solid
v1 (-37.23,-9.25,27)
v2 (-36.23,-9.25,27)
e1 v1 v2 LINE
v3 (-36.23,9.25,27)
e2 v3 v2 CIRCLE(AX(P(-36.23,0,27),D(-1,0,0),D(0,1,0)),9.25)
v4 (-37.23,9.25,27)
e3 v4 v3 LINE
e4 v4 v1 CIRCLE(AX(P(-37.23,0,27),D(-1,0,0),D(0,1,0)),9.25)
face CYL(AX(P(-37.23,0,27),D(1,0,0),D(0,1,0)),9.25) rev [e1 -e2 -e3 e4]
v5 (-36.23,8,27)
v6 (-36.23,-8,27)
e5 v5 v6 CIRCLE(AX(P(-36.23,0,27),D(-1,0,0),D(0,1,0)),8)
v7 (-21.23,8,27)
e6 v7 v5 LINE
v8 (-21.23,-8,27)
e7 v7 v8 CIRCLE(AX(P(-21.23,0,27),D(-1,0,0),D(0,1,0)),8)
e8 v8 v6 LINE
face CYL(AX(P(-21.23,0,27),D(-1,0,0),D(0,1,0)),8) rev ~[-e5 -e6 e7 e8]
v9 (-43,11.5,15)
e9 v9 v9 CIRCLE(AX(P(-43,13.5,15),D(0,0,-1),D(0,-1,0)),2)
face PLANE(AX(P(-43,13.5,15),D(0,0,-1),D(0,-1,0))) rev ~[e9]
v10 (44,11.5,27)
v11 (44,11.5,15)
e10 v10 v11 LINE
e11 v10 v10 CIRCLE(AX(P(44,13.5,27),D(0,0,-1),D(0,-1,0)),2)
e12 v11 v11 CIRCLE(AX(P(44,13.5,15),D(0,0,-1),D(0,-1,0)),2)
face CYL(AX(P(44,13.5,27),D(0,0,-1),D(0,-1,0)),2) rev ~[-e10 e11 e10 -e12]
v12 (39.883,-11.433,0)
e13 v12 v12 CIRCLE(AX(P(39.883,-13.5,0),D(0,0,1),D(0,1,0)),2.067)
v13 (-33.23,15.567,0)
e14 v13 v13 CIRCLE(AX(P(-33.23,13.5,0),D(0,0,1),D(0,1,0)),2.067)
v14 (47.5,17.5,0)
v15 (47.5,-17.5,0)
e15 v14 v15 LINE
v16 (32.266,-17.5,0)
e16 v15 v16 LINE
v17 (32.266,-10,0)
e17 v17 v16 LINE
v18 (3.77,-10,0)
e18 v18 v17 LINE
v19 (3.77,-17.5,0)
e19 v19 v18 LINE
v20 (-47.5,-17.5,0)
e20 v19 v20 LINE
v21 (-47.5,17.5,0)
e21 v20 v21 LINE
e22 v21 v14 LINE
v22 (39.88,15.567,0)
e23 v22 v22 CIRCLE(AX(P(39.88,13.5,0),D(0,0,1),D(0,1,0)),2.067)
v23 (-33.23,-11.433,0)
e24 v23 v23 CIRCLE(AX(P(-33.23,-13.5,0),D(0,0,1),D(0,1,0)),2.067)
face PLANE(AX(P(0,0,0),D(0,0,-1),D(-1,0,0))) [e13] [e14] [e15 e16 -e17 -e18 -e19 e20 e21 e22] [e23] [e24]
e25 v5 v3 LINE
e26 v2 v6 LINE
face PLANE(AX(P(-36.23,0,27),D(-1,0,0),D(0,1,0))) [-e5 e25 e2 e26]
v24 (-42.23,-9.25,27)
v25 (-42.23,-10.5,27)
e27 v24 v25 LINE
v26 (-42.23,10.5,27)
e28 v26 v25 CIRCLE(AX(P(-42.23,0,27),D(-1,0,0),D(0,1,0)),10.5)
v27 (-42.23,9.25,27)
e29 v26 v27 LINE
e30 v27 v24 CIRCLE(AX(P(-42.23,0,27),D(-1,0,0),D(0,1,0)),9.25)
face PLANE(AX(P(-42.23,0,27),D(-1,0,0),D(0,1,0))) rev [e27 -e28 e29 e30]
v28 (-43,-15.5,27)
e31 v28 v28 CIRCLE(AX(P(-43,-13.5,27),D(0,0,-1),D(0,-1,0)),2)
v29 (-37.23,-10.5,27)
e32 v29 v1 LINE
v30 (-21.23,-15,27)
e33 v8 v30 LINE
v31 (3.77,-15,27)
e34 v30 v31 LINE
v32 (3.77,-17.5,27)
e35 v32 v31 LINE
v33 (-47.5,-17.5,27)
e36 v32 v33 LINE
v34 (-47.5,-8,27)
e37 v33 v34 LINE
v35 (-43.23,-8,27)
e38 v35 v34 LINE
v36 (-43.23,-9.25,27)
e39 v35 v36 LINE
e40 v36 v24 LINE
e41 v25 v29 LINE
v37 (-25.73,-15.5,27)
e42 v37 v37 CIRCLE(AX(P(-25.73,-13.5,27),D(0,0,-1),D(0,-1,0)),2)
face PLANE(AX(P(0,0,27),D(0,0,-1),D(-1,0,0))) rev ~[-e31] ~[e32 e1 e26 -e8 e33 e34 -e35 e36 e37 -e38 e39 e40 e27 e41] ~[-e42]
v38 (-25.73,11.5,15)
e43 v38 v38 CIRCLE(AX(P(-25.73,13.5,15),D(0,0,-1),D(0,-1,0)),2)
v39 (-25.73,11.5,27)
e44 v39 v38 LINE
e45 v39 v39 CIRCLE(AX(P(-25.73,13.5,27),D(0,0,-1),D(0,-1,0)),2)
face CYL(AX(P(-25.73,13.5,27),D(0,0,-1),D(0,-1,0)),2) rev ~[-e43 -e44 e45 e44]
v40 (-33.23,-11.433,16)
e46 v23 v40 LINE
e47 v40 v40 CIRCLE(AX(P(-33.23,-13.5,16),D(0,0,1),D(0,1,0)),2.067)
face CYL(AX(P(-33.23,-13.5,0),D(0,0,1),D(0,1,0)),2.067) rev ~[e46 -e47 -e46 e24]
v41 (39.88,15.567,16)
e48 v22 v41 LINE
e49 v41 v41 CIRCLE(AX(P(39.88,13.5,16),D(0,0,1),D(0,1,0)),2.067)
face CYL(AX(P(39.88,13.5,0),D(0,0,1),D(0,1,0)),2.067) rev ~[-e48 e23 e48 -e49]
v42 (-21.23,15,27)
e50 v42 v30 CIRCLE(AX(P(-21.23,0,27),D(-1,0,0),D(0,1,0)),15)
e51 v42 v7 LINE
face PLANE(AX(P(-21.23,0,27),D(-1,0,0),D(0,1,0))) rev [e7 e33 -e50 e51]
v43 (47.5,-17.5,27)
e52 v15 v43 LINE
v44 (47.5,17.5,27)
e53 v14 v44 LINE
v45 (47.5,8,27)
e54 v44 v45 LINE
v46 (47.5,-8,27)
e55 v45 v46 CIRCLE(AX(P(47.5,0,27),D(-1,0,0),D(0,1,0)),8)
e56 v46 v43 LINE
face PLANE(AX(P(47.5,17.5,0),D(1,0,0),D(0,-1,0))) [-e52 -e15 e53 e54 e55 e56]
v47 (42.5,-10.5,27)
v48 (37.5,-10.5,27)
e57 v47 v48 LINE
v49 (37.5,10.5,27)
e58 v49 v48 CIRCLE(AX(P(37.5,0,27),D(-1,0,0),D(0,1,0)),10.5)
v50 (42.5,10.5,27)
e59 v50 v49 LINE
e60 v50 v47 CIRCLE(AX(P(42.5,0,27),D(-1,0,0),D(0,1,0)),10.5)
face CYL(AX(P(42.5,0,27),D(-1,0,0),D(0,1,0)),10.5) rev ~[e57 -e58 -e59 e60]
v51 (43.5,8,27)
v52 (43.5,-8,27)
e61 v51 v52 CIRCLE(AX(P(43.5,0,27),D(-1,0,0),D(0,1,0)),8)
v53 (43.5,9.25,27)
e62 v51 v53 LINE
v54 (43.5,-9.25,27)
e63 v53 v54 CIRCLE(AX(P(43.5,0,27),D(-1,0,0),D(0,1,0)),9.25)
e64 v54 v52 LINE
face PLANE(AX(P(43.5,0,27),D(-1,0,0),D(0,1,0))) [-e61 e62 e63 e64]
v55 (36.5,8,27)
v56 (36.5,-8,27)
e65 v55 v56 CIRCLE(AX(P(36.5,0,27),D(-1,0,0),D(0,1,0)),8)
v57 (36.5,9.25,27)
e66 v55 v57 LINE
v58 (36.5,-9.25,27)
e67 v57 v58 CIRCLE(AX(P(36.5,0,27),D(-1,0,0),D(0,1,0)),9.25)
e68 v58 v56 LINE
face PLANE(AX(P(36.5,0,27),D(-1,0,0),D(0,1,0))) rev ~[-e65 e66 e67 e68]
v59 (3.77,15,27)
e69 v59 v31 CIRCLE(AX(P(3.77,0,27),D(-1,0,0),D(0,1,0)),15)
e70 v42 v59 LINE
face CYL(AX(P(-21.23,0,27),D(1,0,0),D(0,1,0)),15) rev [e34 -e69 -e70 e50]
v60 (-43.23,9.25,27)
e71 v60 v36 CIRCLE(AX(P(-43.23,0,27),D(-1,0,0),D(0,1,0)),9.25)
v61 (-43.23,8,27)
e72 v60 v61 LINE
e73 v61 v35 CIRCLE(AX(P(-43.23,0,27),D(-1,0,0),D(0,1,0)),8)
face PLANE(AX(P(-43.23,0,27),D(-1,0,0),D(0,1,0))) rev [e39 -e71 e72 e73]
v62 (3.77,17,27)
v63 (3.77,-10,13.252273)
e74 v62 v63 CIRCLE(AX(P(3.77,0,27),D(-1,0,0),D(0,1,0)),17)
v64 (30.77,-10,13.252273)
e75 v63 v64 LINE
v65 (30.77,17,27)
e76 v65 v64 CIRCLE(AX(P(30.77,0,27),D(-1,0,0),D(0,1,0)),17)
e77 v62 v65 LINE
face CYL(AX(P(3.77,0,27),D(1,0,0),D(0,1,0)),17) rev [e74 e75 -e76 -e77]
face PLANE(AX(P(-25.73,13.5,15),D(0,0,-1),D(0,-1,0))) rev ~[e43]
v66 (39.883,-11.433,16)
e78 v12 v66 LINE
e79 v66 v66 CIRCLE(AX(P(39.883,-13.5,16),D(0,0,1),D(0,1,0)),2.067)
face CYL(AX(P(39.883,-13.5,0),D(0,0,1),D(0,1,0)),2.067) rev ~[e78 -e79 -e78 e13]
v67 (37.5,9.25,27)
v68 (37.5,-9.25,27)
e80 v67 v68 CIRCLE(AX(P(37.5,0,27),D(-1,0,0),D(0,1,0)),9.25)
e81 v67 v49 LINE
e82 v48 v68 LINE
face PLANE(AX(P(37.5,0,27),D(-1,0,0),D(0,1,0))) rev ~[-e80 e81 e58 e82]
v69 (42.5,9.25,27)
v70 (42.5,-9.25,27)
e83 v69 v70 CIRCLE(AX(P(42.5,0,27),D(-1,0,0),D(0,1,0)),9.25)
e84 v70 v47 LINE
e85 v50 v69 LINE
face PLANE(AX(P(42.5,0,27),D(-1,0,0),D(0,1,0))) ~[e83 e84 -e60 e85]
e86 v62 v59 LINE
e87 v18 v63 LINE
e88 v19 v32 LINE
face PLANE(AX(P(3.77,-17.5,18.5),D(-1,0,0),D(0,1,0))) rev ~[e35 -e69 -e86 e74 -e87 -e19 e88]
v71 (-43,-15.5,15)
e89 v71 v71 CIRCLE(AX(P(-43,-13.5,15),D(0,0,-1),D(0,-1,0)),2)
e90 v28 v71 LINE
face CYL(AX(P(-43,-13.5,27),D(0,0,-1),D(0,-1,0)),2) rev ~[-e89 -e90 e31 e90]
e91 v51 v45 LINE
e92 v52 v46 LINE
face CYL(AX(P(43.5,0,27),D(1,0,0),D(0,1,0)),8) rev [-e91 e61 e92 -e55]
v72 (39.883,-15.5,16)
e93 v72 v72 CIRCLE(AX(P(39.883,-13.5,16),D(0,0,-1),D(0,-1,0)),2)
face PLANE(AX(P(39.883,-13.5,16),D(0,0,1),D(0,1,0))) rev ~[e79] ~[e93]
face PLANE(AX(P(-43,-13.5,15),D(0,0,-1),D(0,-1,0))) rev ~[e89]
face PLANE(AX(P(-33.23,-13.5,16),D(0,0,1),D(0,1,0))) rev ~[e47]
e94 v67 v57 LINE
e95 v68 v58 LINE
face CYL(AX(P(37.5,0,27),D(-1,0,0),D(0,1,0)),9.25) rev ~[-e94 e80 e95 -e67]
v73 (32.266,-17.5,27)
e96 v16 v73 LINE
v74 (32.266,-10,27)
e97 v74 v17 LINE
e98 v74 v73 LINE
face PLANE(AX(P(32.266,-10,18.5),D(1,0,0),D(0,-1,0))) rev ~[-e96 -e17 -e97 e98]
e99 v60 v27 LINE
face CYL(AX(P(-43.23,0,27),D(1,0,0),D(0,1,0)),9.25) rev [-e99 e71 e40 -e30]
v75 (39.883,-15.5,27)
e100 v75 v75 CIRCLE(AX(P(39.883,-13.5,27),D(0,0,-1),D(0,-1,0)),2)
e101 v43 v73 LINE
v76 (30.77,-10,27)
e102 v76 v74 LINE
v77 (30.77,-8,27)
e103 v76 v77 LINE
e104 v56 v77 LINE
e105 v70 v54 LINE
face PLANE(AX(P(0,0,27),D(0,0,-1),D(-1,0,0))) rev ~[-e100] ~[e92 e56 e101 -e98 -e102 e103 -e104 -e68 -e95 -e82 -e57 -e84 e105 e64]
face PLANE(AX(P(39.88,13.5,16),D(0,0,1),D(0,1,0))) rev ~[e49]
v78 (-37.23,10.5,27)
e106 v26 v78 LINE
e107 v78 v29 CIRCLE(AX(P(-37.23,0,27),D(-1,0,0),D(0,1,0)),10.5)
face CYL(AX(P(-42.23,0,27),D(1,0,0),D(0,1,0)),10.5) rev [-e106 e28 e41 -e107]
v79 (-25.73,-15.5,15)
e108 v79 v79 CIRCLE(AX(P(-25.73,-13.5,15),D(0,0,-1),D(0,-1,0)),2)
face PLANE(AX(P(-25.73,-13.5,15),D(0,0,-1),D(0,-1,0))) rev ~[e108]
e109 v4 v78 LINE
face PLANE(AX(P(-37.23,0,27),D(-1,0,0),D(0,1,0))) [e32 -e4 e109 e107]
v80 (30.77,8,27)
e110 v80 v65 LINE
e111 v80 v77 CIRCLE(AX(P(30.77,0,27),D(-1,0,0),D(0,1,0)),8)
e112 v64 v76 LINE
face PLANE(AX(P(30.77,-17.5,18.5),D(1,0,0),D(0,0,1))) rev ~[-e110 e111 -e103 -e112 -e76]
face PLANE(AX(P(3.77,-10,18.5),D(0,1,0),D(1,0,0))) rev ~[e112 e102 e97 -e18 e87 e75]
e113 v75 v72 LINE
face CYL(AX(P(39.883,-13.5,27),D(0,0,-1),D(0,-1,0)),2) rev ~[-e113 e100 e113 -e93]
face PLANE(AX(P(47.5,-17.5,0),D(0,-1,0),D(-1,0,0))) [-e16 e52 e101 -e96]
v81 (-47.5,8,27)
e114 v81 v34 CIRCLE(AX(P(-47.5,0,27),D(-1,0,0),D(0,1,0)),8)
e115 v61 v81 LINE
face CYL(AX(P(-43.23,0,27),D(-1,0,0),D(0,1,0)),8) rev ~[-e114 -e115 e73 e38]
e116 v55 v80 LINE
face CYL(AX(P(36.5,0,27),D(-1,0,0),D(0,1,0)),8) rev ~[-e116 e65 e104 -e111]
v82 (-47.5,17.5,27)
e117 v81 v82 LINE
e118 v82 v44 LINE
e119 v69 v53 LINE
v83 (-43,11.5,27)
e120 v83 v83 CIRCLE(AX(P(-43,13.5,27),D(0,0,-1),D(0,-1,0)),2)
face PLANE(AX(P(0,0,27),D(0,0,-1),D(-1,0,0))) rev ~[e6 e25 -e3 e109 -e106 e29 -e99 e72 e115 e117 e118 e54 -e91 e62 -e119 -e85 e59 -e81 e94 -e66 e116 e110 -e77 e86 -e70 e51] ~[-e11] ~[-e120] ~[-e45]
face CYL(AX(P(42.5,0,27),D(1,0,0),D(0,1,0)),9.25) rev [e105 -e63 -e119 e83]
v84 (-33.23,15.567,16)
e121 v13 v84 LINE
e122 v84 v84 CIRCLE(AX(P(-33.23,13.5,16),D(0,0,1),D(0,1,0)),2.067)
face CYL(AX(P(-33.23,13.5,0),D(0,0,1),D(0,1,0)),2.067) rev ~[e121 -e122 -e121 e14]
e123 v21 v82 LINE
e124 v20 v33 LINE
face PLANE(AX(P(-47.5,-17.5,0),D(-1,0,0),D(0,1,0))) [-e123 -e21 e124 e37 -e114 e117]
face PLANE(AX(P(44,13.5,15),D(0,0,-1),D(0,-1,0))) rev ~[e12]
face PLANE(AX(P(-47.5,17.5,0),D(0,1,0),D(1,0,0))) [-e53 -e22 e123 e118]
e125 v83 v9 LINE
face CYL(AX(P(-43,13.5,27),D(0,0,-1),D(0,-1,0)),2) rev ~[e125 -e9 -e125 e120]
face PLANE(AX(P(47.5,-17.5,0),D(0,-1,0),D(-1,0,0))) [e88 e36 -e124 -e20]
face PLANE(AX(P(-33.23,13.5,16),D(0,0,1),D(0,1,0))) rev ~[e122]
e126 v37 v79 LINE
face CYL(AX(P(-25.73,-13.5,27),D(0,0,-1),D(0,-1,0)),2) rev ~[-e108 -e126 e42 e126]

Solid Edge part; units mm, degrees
sketch "Sketch1" plane through (0, 0, 0) normal (0, 0, 1) x (1, 0, 0)
  line L0 (47.5, -17.5) -> (-47.5, -17.5)
  line L1 (-47.5, -17.5) -> (-47.5, 17.5)
  line L2 (-47.5, 17.5) -> (47.5, 17.5)
  line L3 (47.5, 17.5) -> (47.5, -17.5)
  dimension "D1" = 95
  dimension "D2" = 35
extrude "Protrusion1" add sketch "Sketch1" along normal blind 27
sketch "Sketch2" plane through (0, 0, 27) normal (0, 0, 1) x (1, 0, 0)
  line L0 (3.77, 15) -> (3.77, 17)
  line L1 (3.77, 17) -> (30.77, 17)
  line L2 (30.77, 17) -> (30.77, 8)
  line L3 (36.5, 8) -> (30.77, 8)
  line L4 (36.5, 9.25) -> (36.5, 8)
  line L5 (37.5, 9.25) -> (36.5, 9.25)
  line L6 (37.5, 10.5) -> (37.5, 9.25)
  line L7 (42.5, 10.5) -> (37.5, 10.5)
  line L8 (42.5, 9.25) -> (42.5, 10.5)
  line L9 (42.5, 9.25) -> (43.5, 9.25)
  line L10 (43.5, 9.25) -> (43.5, 8)
  line L11 (43.5, 8) -> (47.5, 8)
  line L12 (47.5, 8) -> (47.5, 0)
  line L13 (-47.5, 0) -> (-47.5, 8)
  line L14 (-43.23, 8) -> (-47.5, 8)
  line L15 (-43.23, 8) -> (-43.23, 9.25)
  line L16 (-43.23, 9.25) -> (-42.23, 9.25)
  line L17 (-42.23, 9.25) -> (-42.23, 10.5)
  line L18 (-42.23, 10.5) -> (-37.23, 10.5)
  line L19 (-37.23, 10.5) -> (-37.23, 9.25)
  line L20 (-37.23, 9.25) -> (-36.23, 9.25)
  line L21 (-36.23, 9.25) -> (-36.23, 8)
  line L22 (-21.23, 8) -> (-36.23, 8)
  line L23 (-21.23, 8) -> (-21.23, 15)
  line L24 (-21.23, 15) -> (3.77, 15)
  dimension "D1" = 5
  dimension "D2" = 5
  dimension "D3" = 1
  dimension "D4" = 1
  dimension "D5" = 1
  dimension "D6" = 1
  dimension "D7" = 5
  dimension "D8" = 84.73
  dimension "D9" = 15
  dimension "D10" = 25
  dimension "D11" = 27
revolve "RevolvedCutout1" cut sketch "Sketch2" angle 360 about axis through (47.5, 0, 27) along (-1, 0, 0)
sketch "Sketch3" plane through (0, -17.5, 13.5) normal (0, -1, 0) x (1, 0, 0)
  line L0 (3.77, 5) -> (30.77, 5)
  line L1 (30.77, 5) -> (30.77, 13.5)
  line L2 (30.77, 13.5) -> (3.77, 13.5)
  line L3 (3.77, 13.5) -> (3.77, 5)
extrude "Extrusionsausschnitt_1" cut sketch "Sketch3" against normal blind 7.5
sketch "Sketch4" plane through (17.27, -16.1112, 18.5) normal (0, 0, 1) x (1, 0, 0)
  line L0 (-13.5, 6.1112) -> (13.5, 6.1112)
  line L1 (-13.5, -1.3888) -> (-13.5, 6.1112)
  line L2 (13.5, -1.3888) -> (-13.5, -1.3888)
  line L3 (14.996, -1.3888) -> (13.5, -1.3888)
  line L4 (14.996, 6.1112) -> (14.996, -1.3888)
  line L5 (13.5, 6.1112) -> (14.996, 6.1112)
  dimension "D1" = 7.5
  dimension "D2" = 1.496
extrude "Extrusionsausschnitt_2" cut sketch "Sketch4" along normal mid plane 100
hole "Bohrung_1" at (-25.73, 13.5, 27) direction (0, 0, -1) diameter 4 depth 12
hole "Hole1" at (39.883, -13.5, 27) direction (0, 0, -1) diameter 4 depth 12
hole "Hole2" at (-25.73, -13.5, 27) direction (0, 0, -1) diameter 4 depth 12
hole "Hole3" at (-43, -13.5, 27) direction (0, 0, -1) diameter 4 depth 12
hole "Hole4" at (-43, 13.5, 27) direction (0, 0, -1) diameter 4 depth 12
hole "Hole5" at (44, 13.5, 27) direction (0, 0, -1) diameter 4 depth 12
hole "Bohrung_8" at (-33.23, -13.5, 0) direction (0, 0, 1) diameter 4.134 depth 16
hole "Hole6" at (39.88, 13.5, 0) direction (0, 0, 1) diameter 4.134 depth 16
hole "Hole7" at (39.883, -13.5, 0) direction (0, 0, 1) diameter 4.134 depth 16
hole "Hole8" at (-33.23, 13.5, 0) direction (0, 0, 1) diameter 4.134 depth 16
properties material "Aluminium, 1060"
